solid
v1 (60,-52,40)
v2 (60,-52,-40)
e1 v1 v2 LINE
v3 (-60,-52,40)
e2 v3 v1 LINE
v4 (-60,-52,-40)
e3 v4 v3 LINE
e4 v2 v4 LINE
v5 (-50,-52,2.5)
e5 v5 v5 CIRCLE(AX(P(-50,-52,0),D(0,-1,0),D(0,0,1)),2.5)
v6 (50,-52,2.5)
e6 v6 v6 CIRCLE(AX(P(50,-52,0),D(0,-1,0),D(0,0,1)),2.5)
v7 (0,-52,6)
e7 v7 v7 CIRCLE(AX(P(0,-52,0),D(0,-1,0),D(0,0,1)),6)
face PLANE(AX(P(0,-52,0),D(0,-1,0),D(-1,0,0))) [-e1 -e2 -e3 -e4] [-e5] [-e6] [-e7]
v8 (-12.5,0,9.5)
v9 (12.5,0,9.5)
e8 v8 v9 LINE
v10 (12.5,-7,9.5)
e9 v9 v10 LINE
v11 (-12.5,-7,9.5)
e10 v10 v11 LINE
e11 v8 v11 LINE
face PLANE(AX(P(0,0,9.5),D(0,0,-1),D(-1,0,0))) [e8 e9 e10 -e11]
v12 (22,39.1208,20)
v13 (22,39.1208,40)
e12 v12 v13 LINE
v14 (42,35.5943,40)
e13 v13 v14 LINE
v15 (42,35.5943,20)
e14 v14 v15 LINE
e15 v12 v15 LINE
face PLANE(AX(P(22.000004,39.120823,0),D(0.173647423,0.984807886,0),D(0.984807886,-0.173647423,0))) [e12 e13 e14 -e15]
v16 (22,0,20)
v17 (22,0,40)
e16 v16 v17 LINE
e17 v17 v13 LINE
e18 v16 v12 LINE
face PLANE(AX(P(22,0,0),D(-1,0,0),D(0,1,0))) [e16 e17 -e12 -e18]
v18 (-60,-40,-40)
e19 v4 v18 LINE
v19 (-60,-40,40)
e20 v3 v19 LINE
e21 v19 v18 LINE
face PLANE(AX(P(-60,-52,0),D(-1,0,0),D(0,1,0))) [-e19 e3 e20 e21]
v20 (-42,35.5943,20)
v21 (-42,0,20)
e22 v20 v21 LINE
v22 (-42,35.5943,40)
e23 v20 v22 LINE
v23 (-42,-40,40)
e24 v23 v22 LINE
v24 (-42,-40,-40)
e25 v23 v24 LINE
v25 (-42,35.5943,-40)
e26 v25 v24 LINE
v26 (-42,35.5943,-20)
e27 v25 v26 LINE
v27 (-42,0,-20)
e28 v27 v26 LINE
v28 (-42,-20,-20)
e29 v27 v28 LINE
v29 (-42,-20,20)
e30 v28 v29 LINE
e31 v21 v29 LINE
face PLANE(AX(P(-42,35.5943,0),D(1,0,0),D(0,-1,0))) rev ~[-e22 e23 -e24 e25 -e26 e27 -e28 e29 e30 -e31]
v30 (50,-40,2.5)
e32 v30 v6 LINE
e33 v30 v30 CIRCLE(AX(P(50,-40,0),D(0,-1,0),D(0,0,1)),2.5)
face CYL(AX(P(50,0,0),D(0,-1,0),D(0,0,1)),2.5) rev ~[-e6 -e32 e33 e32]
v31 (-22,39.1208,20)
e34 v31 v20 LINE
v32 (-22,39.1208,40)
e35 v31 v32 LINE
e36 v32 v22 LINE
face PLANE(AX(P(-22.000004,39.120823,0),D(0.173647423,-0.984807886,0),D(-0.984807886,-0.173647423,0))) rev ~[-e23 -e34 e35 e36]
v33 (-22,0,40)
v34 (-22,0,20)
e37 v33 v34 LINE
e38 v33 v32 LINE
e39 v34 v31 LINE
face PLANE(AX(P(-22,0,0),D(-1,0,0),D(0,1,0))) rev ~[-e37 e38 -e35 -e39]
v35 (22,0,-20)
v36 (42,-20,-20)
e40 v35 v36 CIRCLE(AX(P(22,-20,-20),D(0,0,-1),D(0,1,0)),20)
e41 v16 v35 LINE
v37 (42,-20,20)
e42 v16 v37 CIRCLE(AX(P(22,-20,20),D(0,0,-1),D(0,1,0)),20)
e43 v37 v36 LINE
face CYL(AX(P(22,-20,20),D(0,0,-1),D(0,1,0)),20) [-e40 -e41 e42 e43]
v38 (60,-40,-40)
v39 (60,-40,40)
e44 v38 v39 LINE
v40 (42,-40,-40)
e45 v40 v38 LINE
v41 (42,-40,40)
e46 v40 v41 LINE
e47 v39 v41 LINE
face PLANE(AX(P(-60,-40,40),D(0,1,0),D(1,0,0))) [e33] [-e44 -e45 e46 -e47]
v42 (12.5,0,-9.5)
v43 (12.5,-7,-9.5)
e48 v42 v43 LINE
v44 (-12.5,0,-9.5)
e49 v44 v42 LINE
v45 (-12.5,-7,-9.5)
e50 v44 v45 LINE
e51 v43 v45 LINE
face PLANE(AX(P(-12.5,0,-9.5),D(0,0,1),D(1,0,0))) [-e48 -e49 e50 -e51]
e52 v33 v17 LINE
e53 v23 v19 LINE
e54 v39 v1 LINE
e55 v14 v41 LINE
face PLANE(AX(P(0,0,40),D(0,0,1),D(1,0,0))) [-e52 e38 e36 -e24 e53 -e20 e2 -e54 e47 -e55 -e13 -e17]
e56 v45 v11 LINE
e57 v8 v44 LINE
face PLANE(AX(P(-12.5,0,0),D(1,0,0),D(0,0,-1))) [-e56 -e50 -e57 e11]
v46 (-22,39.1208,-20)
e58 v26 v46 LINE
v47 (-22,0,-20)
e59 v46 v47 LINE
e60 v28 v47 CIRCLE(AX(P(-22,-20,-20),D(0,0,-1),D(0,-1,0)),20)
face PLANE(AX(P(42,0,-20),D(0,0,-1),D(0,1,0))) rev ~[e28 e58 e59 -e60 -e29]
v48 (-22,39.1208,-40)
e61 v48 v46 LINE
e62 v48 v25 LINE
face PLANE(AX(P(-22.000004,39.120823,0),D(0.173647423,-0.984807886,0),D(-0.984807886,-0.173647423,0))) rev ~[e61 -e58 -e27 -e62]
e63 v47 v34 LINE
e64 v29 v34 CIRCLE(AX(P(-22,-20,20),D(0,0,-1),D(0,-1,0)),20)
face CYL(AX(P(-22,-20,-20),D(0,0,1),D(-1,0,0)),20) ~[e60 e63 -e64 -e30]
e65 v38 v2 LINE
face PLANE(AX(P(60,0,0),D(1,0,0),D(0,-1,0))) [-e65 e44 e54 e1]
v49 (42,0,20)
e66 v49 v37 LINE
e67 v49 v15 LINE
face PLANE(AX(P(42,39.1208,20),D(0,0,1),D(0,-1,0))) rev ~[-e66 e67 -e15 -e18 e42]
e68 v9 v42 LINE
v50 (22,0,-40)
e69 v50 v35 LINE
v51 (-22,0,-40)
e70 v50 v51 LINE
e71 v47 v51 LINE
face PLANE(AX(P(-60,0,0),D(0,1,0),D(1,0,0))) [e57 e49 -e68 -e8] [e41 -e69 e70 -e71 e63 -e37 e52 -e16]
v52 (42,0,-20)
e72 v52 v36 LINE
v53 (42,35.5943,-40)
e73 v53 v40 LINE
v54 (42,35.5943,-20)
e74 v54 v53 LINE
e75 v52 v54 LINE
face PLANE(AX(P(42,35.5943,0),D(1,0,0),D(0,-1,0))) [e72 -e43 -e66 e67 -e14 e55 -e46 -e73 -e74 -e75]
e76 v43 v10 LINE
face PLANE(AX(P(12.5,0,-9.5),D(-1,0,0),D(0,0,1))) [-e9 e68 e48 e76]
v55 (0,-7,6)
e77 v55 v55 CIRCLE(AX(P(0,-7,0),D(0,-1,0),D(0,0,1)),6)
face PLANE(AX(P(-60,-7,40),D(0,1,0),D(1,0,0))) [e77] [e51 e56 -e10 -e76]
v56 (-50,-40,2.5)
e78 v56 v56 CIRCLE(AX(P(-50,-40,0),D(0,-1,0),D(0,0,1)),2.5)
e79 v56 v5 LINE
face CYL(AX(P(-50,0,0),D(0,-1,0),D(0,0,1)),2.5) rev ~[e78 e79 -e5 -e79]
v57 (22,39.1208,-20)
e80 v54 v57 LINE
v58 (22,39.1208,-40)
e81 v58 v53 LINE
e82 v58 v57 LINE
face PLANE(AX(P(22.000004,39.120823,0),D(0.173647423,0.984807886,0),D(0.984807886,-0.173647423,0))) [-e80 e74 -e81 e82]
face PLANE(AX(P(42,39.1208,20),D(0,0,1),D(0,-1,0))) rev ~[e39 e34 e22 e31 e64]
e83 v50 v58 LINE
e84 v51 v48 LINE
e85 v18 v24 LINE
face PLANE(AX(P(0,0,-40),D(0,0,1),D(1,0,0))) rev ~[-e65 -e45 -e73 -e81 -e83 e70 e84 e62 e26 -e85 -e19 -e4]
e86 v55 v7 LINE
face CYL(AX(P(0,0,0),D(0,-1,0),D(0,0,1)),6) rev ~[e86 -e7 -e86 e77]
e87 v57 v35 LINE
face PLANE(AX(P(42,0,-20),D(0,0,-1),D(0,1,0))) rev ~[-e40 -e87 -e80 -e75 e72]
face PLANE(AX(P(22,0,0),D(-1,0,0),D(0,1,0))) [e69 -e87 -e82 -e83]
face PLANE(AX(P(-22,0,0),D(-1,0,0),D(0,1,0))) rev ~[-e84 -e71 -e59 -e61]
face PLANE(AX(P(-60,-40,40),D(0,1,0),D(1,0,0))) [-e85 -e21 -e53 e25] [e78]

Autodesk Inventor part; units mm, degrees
ref_plane "YZ Plane" through (0, 0, 0) normal (1, 0, 0) x (0, 1, 0)
ref_plane "XZ Plane" through (0, 0, 0) normal (0, 1, 0) x (-1, 0, 0)
ref_plane "XY Plane" through (0, 0, 0) normal (0, 0, 1) x (1, 0, 0)
sketch "Sketch1" plane through (0, 0, 0) normal (0, 0, 1) x (1, 0, 0)
  line L0 (-60, 0) -> (60, 0)
  line L1 (60, 0) -> (60, -52)
  line L2 (60, -52) -> (-60, -52)
  line L3 (-60, -52) -> (-60, 0)
  line L4 (0, -62.4) -> (0, 10.4) projected
  point P0 (0, 0)
  dimension "d0" = 120
  dimension "d1" = 52
extrude "Extrusion1" add sketch "Sketch1" along normal mid plane 80
sketch "Sketch2" plane through (-60, 0, 40) normal (0, 1, 0) x (1, 0, 0)
  line L0 (47.5, 49.5) -> (72.5, 49.5)
  line L1 (72.5, 49.5) -> (72.5, 30.5)
  line L2 (72.5, 30.5) -> (47.5, 30.5)
  line L3 (47.5, 30.5) -> (47.5, 49.5)
  line L4 (-24, 40) -> (144, 40) projected
  line L5 (60, 96) -> (60, -16) projected
  point P0 (60, 40)
  dimension "d4" = 19
  dimension "d5" = 25
extrude "Extrusion2" cut sketch "Sketch2" against normal blind 7
sketch "Sketch3" plane through (-60, 0, 40) normal (0, 1, 0) x (1, 0, 0)
  point P0 (60, 40)
  point P1 (60, 40)
hole "Hole1" at (0, 0, 0) direction (0, -1, 0) diameter 12 end through all
sketch "Sketch4" plane through (-60, 0, 40) normal (0, 1, 0) x (1, 0, 0)
  line L0 (-24, 40) -> (144, 40) projected
  line L1 (60, 96) -> (60, -16) projected
  point P0 (60, 40)
  point P1 (10, 40)
  point P2 (110, 40)
  dimension "d15" = 50
hole "Hole2" at (-50, 0, 0) at (50, 0, 0) direction (0, -1, 0) diameter 5 end through all
sketch "Sketch5" plane through (0, 0, 0) normal (0, 0, 1) x (1, 0, 0)
  circle A0 centre (0, 43) radius 10.1 projected
  line L0 (0, 43) -> (42, 35.5943)
  line L1 (60, 0) -> (-60, 0) projected
  line L2 (42, 35.5943) -> (42, 0)
  line L3 (22, 0) -> (22, 39.1208)
  line L4 (22, 0) -> (42, 0)
  line L5 (0, -10.62) -> (0, 63.72) projected
  line L6 (0, 43) -> (-42, 35.5943)
  line L7 (-60, 0) -> (60, 0)
  line L8 (-42, 35.5943) -> (-42, 0)
  line L9 (-22, 0) -> (-22, 39.1208)
  point P0 (0, 0)
  dimension "d23" = 22
  dimension "d24" = 42
  dimension "d29" = 10
extrude "Extrusion3" add sketch "Sketch5" along normal mid plane 80 contours L0 L2 L1 L3 | L9 L1 L8 L6
sketch "Sketch6" plane through (42, 0, 40) normal (1, 0, 0) x (0, 0, -1)
  line L0 (20, 0) -> (60, 0)
  line L1 (60, 0) -> (60, 44.1208)
  line L2 (60, 44.1208) -> (20, 44.1208)
  line L3 (20, 44.1208) -> (20, 0)
  line L4 (80, 35.5943) -> (80, 0) projected
  line L5 (0, 0) -> (0, 35.5943) projected
  line L6 (80, 39.1208) -> (0, 39.1208) projected
  point P0 (40, 0)
  dimension "d30" = 20
  dimension "d31" = 20
  dimension "d32" = 5
extrude "Extrusion4" cut sketch "Sketch6" against normal through all
sketch "Sketch7" plane through (-60, 0, 40) normal (0, 1, 0) x (1, 0, 0)
  line L0 (0, 0) -> (0, 80) projected
  line L1 (18, 20) -> (18, 0) projected
  line L2 (0, 80) -> (18, 80)
  line L3 (18, 80) -> (18, 0)
  line L4 (18, 0) -> (0, 0)
  line L5 (0, 0) -> (0, 80)
  line L6 (120, 0) -> (102, 0) projected
  line L7 (102, 80) -> (102, 60) projected
  line L8 (120, 0) -> (102, 0)
  line L9 (102, 0) -> (102, 80)
  line L10 (102, 80) -> (120, 80)
  line L11 (120, 80) -> (120, 0)
  point P0 (60, 40)
extrude "Extrusion5" cut sketch "Sketch7" against normal blind 40
fillet "Fillet1" radius 20 2 edges at (-42, 0, 0) (42, 0, 0)
equation "\"d31\" = d30"
properties part number "Foot_Ankl_Connector"
